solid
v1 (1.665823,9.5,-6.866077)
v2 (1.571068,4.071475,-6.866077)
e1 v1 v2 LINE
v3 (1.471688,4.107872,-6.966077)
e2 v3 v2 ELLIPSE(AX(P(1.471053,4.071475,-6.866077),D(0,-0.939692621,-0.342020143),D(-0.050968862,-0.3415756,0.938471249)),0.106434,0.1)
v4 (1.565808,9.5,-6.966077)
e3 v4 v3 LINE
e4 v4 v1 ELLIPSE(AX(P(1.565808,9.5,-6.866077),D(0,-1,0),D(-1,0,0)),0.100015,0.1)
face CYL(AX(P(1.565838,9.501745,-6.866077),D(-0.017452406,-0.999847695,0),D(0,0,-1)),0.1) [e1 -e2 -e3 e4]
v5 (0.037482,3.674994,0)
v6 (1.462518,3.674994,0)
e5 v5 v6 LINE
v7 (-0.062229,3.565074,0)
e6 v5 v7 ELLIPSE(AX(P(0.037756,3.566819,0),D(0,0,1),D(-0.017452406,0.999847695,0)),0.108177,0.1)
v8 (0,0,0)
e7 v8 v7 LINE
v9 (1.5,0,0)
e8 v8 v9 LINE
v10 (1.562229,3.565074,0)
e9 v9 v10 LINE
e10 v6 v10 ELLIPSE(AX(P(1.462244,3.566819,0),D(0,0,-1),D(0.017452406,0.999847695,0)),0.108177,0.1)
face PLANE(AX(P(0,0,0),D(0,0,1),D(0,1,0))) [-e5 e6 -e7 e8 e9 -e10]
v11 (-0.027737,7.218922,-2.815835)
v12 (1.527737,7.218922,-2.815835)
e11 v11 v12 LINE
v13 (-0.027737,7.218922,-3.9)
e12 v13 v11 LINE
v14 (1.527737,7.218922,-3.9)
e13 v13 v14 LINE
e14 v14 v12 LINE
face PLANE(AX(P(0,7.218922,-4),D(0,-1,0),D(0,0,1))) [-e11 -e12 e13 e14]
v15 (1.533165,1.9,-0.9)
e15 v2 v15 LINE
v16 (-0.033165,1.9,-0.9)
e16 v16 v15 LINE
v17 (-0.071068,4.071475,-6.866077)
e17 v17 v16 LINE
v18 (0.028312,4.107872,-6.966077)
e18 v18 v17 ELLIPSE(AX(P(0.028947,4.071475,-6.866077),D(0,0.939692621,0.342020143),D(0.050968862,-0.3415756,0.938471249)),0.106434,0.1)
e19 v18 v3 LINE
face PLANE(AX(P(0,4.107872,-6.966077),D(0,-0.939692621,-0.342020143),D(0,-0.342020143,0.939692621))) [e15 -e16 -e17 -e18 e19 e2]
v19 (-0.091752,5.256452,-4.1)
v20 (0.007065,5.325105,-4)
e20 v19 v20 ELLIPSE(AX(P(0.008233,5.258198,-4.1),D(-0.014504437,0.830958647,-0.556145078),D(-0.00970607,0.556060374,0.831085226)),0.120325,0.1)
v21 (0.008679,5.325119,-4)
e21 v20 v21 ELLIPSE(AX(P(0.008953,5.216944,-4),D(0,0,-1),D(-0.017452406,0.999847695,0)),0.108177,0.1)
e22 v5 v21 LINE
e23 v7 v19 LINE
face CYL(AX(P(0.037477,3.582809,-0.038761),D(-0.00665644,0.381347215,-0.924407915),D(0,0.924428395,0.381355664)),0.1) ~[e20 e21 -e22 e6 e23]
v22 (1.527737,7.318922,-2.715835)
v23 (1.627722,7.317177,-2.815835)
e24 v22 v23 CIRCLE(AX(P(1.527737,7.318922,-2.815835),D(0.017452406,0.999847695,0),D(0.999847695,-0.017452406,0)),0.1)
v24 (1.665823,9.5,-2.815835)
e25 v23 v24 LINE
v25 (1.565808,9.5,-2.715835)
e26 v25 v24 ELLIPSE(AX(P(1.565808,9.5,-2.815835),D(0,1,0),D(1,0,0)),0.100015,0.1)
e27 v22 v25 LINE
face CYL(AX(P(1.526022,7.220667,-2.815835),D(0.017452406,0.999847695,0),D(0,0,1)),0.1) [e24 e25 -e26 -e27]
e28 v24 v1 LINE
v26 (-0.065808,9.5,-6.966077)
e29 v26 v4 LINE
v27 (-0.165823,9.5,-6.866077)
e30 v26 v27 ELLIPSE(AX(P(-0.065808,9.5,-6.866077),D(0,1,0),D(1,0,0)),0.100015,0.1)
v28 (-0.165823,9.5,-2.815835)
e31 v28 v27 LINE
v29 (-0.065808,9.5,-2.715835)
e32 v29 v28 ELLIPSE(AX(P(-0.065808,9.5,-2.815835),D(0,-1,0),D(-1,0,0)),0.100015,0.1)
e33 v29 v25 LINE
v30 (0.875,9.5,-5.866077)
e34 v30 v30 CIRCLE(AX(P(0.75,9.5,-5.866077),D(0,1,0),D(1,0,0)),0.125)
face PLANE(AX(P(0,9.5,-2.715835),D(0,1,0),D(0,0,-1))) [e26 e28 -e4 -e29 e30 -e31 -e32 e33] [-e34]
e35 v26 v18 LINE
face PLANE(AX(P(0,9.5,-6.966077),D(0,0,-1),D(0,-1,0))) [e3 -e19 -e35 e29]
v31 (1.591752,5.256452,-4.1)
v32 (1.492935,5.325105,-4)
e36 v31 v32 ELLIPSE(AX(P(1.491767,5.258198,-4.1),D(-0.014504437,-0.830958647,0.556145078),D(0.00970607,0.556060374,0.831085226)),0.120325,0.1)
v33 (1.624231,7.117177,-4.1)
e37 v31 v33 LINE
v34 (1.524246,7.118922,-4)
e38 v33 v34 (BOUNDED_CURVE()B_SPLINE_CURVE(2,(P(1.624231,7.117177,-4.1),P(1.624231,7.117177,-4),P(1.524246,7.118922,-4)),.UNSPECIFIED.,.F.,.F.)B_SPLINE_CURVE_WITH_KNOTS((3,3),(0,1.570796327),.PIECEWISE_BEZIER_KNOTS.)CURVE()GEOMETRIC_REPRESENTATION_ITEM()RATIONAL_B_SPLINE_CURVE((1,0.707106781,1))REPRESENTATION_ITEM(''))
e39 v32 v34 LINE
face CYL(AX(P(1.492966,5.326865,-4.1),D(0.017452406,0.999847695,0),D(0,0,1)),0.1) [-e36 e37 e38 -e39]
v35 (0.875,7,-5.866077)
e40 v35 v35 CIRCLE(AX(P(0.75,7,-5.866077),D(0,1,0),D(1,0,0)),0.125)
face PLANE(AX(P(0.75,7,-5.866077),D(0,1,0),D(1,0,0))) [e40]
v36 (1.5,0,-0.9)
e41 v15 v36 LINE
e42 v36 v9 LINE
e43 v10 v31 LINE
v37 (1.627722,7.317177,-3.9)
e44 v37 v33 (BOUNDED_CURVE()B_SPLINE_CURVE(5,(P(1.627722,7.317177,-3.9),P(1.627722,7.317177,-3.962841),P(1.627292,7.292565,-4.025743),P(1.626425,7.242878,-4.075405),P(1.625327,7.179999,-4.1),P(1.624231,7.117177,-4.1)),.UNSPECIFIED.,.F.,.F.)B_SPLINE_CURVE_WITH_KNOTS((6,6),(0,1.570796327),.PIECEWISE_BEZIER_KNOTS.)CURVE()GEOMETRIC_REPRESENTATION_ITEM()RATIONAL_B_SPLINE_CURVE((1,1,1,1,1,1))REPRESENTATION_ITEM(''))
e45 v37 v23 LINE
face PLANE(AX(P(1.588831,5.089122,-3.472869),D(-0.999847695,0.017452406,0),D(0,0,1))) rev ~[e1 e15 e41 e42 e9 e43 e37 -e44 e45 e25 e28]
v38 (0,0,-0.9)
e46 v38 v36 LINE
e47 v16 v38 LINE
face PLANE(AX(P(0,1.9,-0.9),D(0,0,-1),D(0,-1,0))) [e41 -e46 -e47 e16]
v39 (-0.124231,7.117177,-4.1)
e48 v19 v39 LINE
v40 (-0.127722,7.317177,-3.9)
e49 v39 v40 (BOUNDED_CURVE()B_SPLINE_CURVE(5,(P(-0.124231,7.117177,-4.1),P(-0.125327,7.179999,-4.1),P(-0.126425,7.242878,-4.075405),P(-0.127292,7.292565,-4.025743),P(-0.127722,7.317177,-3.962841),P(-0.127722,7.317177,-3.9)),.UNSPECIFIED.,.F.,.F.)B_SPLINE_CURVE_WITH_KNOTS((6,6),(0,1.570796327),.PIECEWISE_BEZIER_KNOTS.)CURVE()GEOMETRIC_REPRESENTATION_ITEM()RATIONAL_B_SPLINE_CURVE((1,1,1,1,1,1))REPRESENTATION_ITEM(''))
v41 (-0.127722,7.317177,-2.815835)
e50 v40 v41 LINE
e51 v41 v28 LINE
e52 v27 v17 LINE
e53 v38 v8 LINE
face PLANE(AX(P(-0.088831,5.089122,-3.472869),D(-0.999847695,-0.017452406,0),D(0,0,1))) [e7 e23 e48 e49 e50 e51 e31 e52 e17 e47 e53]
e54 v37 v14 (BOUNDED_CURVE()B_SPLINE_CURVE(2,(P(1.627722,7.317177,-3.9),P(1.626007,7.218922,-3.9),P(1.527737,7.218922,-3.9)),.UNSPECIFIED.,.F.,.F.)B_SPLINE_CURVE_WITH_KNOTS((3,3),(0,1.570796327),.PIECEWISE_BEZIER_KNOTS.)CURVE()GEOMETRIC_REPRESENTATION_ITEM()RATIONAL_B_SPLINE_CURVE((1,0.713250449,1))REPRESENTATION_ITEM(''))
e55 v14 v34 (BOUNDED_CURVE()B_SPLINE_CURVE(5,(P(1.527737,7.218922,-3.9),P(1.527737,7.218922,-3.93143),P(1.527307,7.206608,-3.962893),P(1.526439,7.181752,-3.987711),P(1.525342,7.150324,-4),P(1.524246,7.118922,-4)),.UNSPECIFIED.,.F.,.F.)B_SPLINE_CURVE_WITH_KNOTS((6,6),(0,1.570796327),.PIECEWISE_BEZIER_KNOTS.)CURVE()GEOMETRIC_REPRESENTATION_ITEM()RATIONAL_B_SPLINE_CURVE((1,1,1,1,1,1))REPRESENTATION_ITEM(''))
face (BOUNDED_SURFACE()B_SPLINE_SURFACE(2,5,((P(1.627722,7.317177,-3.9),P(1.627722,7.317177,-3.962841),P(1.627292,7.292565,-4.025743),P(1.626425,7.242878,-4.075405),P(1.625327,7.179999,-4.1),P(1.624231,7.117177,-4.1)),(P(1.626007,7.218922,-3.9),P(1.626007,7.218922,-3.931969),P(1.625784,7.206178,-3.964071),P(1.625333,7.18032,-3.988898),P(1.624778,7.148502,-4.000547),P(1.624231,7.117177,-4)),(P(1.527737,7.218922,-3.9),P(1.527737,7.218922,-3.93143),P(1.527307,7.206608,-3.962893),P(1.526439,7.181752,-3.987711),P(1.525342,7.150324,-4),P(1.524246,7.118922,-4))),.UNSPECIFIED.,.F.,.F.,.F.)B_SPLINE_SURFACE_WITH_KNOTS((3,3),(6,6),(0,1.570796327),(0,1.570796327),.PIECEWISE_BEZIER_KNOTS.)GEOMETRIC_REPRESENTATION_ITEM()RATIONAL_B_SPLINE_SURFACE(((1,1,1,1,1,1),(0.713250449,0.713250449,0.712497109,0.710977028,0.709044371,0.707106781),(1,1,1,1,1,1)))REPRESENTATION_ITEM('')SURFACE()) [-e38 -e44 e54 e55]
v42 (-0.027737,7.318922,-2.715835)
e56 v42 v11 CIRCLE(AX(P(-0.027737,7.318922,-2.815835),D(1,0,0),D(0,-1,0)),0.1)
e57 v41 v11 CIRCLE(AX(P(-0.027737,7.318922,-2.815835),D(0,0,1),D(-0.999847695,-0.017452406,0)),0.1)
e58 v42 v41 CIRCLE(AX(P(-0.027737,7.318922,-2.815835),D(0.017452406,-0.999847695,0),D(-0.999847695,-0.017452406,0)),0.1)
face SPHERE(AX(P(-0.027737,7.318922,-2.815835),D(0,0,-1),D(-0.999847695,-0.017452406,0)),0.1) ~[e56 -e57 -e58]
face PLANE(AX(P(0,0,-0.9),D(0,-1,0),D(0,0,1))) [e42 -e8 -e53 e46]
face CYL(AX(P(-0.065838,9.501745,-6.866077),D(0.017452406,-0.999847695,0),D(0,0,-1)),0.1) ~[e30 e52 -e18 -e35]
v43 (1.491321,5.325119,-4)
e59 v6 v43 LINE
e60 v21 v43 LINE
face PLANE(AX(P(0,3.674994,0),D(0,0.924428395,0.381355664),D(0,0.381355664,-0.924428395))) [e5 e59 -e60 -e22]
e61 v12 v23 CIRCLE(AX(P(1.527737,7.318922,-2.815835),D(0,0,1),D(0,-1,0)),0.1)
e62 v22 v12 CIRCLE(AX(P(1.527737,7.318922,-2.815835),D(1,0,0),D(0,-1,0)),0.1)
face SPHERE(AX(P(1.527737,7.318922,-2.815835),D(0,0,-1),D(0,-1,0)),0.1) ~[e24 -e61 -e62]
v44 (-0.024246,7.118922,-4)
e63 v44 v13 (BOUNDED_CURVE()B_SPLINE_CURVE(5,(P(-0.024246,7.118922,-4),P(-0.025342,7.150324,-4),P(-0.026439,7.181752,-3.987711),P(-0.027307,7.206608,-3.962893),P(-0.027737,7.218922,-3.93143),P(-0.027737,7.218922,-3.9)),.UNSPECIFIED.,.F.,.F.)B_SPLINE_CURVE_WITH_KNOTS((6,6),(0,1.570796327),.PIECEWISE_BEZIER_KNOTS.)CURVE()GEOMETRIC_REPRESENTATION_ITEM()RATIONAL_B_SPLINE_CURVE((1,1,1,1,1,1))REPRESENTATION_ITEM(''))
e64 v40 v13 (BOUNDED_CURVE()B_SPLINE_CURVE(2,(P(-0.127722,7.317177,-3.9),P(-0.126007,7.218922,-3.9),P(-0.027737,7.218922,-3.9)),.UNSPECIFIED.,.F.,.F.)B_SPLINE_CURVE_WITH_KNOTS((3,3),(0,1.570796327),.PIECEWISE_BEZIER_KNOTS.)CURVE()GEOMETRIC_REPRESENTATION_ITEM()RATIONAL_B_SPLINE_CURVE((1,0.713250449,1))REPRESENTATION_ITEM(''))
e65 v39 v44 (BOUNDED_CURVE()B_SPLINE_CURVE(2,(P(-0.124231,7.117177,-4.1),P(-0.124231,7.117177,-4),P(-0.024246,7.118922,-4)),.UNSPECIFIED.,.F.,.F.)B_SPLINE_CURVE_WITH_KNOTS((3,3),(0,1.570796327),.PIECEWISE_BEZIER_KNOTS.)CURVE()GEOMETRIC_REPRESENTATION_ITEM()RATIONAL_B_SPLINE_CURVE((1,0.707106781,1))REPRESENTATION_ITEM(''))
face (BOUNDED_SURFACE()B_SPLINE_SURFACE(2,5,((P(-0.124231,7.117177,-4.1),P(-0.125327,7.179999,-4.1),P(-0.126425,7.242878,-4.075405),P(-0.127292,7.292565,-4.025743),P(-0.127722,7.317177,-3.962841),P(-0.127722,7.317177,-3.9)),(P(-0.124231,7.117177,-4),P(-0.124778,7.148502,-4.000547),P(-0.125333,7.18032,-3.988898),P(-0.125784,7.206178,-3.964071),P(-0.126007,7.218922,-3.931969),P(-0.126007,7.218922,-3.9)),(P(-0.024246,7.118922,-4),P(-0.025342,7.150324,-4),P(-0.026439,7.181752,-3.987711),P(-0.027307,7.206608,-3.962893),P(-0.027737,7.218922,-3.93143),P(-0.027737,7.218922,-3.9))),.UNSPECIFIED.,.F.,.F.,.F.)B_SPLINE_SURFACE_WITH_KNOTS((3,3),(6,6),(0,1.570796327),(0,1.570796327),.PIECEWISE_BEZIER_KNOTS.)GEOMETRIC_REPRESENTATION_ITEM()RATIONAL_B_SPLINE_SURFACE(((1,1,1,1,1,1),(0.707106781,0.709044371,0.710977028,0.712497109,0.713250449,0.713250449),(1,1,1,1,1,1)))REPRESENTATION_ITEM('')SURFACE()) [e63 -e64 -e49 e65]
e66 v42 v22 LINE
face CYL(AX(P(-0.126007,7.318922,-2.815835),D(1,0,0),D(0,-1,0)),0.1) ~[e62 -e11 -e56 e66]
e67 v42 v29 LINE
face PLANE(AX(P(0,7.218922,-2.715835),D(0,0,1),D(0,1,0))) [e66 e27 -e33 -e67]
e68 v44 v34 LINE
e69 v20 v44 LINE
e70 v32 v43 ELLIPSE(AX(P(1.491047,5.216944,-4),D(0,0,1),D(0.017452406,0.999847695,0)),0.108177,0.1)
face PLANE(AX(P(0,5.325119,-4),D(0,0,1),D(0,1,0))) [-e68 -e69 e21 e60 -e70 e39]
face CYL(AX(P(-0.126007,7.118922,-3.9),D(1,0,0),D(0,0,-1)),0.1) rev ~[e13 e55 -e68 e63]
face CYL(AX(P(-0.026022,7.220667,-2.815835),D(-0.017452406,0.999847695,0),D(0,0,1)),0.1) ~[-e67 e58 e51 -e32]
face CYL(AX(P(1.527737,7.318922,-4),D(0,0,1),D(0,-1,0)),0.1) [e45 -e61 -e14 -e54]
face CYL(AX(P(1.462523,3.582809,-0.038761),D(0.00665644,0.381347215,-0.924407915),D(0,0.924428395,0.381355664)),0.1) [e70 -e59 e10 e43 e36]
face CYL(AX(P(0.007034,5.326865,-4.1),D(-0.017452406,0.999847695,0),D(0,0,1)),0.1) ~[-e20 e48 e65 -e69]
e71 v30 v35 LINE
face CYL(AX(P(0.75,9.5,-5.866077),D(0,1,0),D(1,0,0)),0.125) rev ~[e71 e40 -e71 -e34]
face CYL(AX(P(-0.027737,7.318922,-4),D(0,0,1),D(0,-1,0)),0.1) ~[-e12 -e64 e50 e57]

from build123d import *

# Parameters (mm, degrees)
BOSS_EXTRUDE1_DEPTH = 1.5
DRAFT4_ANGLE        = -1
FILLET1_R           = 0.1
SKETCH5_R           = 0.125
CUT_EXTRUDE1_DEPTH  = 2.5


with BuildPart() as part:
    # Sketch1 → Boss-Extrude1 (new body)
    with BuildSketch(Plane(origin=(0, 0, 0), x_dir=(0, 0, -1), z_dir=(1, 0, 0))):
        Polygon((0.9, 1.9), (0.9, 0), (0, 0), (0, 3.674994058), (4, 5.325119328), (4, 7.218922126), (2.71583546, 7.218922126), (2.71583546, 9.5), (6.966077176, 9.5), (6.966077176, 4.107871531), align=None)
    extrude(amount=BOSS_EXTRUDE1_DEPTH)

    # Draft4
    draft4_faces = [part.faces().sort_by_distance(p)[0] for p in [
        (0, 5.526450361, -4.018047871),
        (1.5, 5.526450361, -4.018047871),
    ]]
    draft(draft4_faces, Plane.ZX, DRAFT4_ANGLE)

    # Fillet1
    fillet1_edges = [part.edges().sort_by_distance(p)[0] for p in [
        (1.609478529, 6.272020727, -4),
        (-0.078548782, 4.500056693, -2),
        (-0.109478529, 6.272020727, -4),
        (-0.126006754, 7.218922126, -3.35791773),
        (-0.145914936, 8.359461063, -2.71583546),
        (1.578548782, 4.500056693, -2),
        (0.75, 7.218922126, -4),
        (0.75, 7.218922126, -2.71583546),
        (1.618763141, 6.803935765, -6.966077176),
        (1.645914936, 8.359461063, -2.71583546),
        (1.626006754, 7.218922126, -3.35791773),
        (-0.118763141, 6.803935765, -6.966077176),
    ]]
    fillet(fillet1_edges, radius=FILLET1_R)

    # Sketch5 → Cut-Extrude1 (cut)
    with BuildSketch(Plane(origin=(0, 9.5, 0), x_dir=(1, 0, 0), z_dir=(0, 1, 0))):
        with Locations((0.75, 5.866077176)):
            Circle(SKETCH5_R)
    extrude(amount=-CUT_EXTRUDE1_DEPTH, mode=Mode.SUBTRACT)


solid = part.part
